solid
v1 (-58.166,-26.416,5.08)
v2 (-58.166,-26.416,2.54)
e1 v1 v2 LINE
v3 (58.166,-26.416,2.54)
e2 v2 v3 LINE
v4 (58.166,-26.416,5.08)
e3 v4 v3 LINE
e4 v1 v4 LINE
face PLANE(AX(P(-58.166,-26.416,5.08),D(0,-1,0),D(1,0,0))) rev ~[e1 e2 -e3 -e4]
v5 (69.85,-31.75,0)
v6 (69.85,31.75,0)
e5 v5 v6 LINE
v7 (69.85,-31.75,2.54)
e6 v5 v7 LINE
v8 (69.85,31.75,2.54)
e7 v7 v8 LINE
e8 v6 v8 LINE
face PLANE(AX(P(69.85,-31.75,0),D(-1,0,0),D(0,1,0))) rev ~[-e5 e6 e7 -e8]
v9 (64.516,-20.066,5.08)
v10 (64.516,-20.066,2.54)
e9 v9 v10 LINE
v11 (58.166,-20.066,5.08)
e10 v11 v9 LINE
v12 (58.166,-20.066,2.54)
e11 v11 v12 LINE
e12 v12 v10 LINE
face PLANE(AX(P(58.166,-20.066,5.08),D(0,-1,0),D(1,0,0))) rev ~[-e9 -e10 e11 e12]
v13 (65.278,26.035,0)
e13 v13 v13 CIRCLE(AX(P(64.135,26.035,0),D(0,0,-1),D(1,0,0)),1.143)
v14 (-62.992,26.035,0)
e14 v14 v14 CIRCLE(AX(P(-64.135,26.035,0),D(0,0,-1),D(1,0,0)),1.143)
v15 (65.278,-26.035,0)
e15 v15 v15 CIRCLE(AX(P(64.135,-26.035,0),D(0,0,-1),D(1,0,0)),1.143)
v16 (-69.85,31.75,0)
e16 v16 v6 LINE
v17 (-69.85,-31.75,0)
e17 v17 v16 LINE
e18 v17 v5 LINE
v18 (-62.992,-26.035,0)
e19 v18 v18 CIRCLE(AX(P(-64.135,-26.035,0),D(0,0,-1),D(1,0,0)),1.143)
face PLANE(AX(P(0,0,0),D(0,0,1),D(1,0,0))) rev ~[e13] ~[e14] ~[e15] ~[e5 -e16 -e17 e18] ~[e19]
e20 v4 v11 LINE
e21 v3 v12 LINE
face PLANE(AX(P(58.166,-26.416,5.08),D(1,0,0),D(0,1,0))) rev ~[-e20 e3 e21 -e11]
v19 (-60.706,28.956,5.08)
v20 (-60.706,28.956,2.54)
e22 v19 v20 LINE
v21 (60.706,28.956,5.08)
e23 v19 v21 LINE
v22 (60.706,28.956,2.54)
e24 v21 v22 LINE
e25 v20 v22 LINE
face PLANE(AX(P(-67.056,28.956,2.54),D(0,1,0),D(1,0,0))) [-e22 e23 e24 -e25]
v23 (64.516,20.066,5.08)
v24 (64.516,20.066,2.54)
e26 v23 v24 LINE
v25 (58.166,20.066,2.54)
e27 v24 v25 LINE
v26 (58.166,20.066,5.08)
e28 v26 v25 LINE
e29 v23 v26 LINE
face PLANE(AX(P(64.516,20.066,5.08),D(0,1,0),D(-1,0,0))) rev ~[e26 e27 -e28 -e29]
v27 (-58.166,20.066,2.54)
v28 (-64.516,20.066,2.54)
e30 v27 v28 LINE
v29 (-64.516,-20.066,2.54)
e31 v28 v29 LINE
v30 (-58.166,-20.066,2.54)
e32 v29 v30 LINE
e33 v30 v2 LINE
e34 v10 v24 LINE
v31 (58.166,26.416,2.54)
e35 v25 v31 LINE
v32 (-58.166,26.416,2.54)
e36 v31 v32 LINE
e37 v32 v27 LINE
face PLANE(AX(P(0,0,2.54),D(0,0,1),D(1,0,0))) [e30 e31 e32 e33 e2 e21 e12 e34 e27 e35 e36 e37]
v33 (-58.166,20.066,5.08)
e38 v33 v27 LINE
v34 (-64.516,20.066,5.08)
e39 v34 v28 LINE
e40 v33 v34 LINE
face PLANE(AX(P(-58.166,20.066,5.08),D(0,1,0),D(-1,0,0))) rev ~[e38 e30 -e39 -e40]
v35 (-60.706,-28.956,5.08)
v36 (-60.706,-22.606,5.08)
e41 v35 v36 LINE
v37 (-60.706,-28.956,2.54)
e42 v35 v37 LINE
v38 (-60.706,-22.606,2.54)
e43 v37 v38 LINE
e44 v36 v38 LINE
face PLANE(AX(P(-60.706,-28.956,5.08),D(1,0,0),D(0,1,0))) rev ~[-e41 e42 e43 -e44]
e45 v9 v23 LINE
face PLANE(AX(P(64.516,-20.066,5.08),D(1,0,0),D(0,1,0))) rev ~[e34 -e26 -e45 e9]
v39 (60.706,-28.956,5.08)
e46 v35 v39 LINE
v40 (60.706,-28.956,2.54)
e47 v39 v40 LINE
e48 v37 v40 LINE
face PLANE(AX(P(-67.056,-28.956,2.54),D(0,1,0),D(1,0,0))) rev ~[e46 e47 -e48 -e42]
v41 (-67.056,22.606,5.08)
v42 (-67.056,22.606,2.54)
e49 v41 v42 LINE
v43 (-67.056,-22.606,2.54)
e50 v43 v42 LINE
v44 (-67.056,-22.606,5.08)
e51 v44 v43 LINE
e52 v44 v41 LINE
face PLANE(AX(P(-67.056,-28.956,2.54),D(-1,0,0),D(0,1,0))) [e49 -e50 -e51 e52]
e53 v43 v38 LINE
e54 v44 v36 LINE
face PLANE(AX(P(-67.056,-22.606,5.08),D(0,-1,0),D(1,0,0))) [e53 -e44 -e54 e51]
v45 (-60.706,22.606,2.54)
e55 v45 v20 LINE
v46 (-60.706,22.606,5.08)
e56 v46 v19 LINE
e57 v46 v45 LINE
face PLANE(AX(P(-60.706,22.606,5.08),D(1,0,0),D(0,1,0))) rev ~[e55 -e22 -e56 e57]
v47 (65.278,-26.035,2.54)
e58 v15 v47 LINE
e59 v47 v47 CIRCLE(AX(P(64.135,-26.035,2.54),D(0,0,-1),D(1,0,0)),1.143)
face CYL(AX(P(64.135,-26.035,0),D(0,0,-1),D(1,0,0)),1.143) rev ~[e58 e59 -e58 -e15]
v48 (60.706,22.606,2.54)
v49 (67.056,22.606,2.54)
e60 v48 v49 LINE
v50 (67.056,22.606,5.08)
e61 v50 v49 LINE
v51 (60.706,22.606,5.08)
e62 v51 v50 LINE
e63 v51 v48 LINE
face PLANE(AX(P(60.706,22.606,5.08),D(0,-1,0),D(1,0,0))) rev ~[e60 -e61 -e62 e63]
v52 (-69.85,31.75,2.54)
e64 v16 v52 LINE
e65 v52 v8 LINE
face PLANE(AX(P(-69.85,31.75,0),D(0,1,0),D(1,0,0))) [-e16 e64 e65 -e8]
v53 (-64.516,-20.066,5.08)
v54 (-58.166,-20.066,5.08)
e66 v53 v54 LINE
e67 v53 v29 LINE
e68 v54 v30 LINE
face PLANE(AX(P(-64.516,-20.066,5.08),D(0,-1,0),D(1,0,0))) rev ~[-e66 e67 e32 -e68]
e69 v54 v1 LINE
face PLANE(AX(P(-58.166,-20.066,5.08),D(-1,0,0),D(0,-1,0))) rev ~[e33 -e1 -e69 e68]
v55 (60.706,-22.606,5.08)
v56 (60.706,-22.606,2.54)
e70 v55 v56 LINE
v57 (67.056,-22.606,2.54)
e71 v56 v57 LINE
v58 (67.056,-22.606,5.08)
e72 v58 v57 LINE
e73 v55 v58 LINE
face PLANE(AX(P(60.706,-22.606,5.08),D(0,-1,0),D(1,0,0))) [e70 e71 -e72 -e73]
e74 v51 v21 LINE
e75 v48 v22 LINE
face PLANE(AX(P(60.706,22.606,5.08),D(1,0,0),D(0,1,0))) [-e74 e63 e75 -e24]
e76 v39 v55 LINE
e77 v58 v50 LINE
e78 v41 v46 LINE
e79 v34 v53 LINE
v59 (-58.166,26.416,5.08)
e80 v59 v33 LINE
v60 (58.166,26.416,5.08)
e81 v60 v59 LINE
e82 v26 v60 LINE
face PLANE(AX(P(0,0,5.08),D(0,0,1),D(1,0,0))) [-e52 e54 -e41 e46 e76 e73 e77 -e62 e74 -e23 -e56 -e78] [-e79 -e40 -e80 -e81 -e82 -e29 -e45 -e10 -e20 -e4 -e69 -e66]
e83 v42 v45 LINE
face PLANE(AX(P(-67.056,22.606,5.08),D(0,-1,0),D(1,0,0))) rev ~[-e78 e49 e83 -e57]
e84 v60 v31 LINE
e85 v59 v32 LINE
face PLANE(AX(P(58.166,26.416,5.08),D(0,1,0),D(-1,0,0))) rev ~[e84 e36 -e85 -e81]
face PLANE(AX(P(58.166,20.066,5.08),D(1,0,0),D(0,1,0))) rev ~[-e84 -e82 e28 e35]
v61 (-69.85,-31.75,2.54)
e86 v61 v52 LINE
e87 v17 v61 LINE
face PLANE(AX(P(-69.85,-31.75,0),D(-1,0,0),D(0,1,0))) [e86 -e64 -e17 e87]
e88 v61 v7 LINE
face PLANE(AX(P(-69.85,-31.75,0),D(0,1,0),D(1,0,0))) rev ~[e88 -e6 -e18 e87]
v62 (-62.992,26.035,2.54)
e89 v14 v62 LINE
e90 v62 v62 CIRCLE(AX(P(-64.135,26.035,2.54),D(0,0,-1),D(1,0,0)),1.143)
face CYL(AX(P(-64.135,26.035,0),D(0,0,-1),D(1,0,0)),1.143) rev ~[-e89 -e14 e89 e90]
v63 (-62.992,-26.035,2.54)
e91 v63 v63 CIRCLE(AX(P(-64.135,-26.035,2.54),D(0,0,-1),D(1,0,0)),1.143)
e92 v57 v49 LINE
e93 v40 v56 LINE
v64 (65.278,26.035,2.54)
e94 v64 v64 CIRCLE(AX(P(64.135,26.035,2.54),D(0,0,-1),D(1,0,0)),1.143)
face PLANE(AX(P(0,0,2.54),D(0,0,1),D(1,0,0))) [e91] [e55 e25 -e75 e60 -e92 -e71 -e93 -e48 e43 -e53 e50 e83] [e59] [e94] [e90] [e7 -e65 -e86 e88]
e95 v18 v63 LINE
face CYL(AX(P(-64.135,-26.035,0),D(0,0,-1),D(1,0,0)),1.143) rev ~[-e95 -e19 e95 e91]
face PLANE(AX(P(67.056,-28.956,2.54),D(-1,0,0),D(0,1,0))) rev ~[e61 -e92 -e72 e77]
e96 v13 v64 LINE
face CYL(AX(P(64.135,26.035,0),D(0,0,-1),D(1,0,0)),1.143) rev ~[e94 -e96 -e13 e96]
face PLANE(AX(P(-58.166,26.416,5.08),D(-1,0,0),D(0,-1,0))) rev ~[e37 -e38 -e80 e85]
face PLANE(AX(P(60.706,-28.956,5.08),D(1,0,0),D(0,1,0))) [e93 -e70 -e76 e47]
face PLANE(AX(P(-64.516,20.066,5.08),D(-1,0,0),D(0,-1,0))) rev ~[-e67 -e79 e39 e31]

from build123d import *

# Parameters (mm, degrees)
F0_W     = 139.7
F0_H     = 63.5
F1_DEPTH = 2.54
F2_W     = 134.112
F2_H     = 57.912
F3_DEPTH = 2.54
F4_W     = 6.35
F4_H     = 6.35
F5_DEPTH = 2.54
F7_DEPTH = 2.54
F8_R     = 1.143
F9_DEPTH = 2.54


with BuildPart() as f1:
    # F0 (on Top) → F1 (new body)
    with BuildSketch(Plane.XY):
        Rectangle(F0_W, F0_H)
    extrude(amount=F1_DEPTH)

    # F2 (on face) → F3 (join)
    with BuildSketch(Plane.XY.offset(2.54)):
        Rectangle(F2_W, F2_H)
    extrude(amount=F3_DEPTH)

    # F4 (on face) → F5 (cut)
    with BuildSketch(Plane.XY.offset(5.08)):
        with Locations((-63.881, 25.781)):
            Rectangle(F4_W, F4_H)
        with Locations((63.881, 25.781)):
            Rectangle(F4_W, F4_H)
        with Locations((-63.881, -25.781)):
            Rectangle(F4_W, F4_H)
        with Locations((63.881, -25.781)):
            Rectangle(F4_W, F4_H)
    extrude(amount=-F5_DEPTH, mode=Mode.SUBTRACT)

    # F6 (on face) → F7 (cut)
    with BuildSketch(Plane.XY.offset(5.08)):
        Polygon((64.516, 20.066), (58.166, 20.066), (58.166, 26.416), (-58.166, 26.416), (-58.166, 20.066), (-64.516, 20.066), (-64.516, -20.066), (-58.166, -20.066), (-58.166, -26.416), (58.166, -26.416), (58.166, -20.066), (64.516, -20.066), align=None)
    extrude(amount=-F7_DEPTH, mode=Mode.SUBTRACT)

    # F8 (on face) → F9 (cut, through all)
    with BuildSketch(Plane(origin=(0, 0, 0), x_dir=(1, 0, 0), z_dir=(0, 0, -1))):
        with Locations((64.135, 26.035)):
            Circle(F8_R)
        with Locations((-64.135, 26.035)):
            Circle(F8_R)
        with Locations((64.135, -26.035)):
            Circle(F8_R)
        with Locations((-64.135, -26.035)):
            Circle(F8_R)
    extrude(amount=-F9_DEPTH, mode=Mode.SUBTRACT)


solid = f1.part
